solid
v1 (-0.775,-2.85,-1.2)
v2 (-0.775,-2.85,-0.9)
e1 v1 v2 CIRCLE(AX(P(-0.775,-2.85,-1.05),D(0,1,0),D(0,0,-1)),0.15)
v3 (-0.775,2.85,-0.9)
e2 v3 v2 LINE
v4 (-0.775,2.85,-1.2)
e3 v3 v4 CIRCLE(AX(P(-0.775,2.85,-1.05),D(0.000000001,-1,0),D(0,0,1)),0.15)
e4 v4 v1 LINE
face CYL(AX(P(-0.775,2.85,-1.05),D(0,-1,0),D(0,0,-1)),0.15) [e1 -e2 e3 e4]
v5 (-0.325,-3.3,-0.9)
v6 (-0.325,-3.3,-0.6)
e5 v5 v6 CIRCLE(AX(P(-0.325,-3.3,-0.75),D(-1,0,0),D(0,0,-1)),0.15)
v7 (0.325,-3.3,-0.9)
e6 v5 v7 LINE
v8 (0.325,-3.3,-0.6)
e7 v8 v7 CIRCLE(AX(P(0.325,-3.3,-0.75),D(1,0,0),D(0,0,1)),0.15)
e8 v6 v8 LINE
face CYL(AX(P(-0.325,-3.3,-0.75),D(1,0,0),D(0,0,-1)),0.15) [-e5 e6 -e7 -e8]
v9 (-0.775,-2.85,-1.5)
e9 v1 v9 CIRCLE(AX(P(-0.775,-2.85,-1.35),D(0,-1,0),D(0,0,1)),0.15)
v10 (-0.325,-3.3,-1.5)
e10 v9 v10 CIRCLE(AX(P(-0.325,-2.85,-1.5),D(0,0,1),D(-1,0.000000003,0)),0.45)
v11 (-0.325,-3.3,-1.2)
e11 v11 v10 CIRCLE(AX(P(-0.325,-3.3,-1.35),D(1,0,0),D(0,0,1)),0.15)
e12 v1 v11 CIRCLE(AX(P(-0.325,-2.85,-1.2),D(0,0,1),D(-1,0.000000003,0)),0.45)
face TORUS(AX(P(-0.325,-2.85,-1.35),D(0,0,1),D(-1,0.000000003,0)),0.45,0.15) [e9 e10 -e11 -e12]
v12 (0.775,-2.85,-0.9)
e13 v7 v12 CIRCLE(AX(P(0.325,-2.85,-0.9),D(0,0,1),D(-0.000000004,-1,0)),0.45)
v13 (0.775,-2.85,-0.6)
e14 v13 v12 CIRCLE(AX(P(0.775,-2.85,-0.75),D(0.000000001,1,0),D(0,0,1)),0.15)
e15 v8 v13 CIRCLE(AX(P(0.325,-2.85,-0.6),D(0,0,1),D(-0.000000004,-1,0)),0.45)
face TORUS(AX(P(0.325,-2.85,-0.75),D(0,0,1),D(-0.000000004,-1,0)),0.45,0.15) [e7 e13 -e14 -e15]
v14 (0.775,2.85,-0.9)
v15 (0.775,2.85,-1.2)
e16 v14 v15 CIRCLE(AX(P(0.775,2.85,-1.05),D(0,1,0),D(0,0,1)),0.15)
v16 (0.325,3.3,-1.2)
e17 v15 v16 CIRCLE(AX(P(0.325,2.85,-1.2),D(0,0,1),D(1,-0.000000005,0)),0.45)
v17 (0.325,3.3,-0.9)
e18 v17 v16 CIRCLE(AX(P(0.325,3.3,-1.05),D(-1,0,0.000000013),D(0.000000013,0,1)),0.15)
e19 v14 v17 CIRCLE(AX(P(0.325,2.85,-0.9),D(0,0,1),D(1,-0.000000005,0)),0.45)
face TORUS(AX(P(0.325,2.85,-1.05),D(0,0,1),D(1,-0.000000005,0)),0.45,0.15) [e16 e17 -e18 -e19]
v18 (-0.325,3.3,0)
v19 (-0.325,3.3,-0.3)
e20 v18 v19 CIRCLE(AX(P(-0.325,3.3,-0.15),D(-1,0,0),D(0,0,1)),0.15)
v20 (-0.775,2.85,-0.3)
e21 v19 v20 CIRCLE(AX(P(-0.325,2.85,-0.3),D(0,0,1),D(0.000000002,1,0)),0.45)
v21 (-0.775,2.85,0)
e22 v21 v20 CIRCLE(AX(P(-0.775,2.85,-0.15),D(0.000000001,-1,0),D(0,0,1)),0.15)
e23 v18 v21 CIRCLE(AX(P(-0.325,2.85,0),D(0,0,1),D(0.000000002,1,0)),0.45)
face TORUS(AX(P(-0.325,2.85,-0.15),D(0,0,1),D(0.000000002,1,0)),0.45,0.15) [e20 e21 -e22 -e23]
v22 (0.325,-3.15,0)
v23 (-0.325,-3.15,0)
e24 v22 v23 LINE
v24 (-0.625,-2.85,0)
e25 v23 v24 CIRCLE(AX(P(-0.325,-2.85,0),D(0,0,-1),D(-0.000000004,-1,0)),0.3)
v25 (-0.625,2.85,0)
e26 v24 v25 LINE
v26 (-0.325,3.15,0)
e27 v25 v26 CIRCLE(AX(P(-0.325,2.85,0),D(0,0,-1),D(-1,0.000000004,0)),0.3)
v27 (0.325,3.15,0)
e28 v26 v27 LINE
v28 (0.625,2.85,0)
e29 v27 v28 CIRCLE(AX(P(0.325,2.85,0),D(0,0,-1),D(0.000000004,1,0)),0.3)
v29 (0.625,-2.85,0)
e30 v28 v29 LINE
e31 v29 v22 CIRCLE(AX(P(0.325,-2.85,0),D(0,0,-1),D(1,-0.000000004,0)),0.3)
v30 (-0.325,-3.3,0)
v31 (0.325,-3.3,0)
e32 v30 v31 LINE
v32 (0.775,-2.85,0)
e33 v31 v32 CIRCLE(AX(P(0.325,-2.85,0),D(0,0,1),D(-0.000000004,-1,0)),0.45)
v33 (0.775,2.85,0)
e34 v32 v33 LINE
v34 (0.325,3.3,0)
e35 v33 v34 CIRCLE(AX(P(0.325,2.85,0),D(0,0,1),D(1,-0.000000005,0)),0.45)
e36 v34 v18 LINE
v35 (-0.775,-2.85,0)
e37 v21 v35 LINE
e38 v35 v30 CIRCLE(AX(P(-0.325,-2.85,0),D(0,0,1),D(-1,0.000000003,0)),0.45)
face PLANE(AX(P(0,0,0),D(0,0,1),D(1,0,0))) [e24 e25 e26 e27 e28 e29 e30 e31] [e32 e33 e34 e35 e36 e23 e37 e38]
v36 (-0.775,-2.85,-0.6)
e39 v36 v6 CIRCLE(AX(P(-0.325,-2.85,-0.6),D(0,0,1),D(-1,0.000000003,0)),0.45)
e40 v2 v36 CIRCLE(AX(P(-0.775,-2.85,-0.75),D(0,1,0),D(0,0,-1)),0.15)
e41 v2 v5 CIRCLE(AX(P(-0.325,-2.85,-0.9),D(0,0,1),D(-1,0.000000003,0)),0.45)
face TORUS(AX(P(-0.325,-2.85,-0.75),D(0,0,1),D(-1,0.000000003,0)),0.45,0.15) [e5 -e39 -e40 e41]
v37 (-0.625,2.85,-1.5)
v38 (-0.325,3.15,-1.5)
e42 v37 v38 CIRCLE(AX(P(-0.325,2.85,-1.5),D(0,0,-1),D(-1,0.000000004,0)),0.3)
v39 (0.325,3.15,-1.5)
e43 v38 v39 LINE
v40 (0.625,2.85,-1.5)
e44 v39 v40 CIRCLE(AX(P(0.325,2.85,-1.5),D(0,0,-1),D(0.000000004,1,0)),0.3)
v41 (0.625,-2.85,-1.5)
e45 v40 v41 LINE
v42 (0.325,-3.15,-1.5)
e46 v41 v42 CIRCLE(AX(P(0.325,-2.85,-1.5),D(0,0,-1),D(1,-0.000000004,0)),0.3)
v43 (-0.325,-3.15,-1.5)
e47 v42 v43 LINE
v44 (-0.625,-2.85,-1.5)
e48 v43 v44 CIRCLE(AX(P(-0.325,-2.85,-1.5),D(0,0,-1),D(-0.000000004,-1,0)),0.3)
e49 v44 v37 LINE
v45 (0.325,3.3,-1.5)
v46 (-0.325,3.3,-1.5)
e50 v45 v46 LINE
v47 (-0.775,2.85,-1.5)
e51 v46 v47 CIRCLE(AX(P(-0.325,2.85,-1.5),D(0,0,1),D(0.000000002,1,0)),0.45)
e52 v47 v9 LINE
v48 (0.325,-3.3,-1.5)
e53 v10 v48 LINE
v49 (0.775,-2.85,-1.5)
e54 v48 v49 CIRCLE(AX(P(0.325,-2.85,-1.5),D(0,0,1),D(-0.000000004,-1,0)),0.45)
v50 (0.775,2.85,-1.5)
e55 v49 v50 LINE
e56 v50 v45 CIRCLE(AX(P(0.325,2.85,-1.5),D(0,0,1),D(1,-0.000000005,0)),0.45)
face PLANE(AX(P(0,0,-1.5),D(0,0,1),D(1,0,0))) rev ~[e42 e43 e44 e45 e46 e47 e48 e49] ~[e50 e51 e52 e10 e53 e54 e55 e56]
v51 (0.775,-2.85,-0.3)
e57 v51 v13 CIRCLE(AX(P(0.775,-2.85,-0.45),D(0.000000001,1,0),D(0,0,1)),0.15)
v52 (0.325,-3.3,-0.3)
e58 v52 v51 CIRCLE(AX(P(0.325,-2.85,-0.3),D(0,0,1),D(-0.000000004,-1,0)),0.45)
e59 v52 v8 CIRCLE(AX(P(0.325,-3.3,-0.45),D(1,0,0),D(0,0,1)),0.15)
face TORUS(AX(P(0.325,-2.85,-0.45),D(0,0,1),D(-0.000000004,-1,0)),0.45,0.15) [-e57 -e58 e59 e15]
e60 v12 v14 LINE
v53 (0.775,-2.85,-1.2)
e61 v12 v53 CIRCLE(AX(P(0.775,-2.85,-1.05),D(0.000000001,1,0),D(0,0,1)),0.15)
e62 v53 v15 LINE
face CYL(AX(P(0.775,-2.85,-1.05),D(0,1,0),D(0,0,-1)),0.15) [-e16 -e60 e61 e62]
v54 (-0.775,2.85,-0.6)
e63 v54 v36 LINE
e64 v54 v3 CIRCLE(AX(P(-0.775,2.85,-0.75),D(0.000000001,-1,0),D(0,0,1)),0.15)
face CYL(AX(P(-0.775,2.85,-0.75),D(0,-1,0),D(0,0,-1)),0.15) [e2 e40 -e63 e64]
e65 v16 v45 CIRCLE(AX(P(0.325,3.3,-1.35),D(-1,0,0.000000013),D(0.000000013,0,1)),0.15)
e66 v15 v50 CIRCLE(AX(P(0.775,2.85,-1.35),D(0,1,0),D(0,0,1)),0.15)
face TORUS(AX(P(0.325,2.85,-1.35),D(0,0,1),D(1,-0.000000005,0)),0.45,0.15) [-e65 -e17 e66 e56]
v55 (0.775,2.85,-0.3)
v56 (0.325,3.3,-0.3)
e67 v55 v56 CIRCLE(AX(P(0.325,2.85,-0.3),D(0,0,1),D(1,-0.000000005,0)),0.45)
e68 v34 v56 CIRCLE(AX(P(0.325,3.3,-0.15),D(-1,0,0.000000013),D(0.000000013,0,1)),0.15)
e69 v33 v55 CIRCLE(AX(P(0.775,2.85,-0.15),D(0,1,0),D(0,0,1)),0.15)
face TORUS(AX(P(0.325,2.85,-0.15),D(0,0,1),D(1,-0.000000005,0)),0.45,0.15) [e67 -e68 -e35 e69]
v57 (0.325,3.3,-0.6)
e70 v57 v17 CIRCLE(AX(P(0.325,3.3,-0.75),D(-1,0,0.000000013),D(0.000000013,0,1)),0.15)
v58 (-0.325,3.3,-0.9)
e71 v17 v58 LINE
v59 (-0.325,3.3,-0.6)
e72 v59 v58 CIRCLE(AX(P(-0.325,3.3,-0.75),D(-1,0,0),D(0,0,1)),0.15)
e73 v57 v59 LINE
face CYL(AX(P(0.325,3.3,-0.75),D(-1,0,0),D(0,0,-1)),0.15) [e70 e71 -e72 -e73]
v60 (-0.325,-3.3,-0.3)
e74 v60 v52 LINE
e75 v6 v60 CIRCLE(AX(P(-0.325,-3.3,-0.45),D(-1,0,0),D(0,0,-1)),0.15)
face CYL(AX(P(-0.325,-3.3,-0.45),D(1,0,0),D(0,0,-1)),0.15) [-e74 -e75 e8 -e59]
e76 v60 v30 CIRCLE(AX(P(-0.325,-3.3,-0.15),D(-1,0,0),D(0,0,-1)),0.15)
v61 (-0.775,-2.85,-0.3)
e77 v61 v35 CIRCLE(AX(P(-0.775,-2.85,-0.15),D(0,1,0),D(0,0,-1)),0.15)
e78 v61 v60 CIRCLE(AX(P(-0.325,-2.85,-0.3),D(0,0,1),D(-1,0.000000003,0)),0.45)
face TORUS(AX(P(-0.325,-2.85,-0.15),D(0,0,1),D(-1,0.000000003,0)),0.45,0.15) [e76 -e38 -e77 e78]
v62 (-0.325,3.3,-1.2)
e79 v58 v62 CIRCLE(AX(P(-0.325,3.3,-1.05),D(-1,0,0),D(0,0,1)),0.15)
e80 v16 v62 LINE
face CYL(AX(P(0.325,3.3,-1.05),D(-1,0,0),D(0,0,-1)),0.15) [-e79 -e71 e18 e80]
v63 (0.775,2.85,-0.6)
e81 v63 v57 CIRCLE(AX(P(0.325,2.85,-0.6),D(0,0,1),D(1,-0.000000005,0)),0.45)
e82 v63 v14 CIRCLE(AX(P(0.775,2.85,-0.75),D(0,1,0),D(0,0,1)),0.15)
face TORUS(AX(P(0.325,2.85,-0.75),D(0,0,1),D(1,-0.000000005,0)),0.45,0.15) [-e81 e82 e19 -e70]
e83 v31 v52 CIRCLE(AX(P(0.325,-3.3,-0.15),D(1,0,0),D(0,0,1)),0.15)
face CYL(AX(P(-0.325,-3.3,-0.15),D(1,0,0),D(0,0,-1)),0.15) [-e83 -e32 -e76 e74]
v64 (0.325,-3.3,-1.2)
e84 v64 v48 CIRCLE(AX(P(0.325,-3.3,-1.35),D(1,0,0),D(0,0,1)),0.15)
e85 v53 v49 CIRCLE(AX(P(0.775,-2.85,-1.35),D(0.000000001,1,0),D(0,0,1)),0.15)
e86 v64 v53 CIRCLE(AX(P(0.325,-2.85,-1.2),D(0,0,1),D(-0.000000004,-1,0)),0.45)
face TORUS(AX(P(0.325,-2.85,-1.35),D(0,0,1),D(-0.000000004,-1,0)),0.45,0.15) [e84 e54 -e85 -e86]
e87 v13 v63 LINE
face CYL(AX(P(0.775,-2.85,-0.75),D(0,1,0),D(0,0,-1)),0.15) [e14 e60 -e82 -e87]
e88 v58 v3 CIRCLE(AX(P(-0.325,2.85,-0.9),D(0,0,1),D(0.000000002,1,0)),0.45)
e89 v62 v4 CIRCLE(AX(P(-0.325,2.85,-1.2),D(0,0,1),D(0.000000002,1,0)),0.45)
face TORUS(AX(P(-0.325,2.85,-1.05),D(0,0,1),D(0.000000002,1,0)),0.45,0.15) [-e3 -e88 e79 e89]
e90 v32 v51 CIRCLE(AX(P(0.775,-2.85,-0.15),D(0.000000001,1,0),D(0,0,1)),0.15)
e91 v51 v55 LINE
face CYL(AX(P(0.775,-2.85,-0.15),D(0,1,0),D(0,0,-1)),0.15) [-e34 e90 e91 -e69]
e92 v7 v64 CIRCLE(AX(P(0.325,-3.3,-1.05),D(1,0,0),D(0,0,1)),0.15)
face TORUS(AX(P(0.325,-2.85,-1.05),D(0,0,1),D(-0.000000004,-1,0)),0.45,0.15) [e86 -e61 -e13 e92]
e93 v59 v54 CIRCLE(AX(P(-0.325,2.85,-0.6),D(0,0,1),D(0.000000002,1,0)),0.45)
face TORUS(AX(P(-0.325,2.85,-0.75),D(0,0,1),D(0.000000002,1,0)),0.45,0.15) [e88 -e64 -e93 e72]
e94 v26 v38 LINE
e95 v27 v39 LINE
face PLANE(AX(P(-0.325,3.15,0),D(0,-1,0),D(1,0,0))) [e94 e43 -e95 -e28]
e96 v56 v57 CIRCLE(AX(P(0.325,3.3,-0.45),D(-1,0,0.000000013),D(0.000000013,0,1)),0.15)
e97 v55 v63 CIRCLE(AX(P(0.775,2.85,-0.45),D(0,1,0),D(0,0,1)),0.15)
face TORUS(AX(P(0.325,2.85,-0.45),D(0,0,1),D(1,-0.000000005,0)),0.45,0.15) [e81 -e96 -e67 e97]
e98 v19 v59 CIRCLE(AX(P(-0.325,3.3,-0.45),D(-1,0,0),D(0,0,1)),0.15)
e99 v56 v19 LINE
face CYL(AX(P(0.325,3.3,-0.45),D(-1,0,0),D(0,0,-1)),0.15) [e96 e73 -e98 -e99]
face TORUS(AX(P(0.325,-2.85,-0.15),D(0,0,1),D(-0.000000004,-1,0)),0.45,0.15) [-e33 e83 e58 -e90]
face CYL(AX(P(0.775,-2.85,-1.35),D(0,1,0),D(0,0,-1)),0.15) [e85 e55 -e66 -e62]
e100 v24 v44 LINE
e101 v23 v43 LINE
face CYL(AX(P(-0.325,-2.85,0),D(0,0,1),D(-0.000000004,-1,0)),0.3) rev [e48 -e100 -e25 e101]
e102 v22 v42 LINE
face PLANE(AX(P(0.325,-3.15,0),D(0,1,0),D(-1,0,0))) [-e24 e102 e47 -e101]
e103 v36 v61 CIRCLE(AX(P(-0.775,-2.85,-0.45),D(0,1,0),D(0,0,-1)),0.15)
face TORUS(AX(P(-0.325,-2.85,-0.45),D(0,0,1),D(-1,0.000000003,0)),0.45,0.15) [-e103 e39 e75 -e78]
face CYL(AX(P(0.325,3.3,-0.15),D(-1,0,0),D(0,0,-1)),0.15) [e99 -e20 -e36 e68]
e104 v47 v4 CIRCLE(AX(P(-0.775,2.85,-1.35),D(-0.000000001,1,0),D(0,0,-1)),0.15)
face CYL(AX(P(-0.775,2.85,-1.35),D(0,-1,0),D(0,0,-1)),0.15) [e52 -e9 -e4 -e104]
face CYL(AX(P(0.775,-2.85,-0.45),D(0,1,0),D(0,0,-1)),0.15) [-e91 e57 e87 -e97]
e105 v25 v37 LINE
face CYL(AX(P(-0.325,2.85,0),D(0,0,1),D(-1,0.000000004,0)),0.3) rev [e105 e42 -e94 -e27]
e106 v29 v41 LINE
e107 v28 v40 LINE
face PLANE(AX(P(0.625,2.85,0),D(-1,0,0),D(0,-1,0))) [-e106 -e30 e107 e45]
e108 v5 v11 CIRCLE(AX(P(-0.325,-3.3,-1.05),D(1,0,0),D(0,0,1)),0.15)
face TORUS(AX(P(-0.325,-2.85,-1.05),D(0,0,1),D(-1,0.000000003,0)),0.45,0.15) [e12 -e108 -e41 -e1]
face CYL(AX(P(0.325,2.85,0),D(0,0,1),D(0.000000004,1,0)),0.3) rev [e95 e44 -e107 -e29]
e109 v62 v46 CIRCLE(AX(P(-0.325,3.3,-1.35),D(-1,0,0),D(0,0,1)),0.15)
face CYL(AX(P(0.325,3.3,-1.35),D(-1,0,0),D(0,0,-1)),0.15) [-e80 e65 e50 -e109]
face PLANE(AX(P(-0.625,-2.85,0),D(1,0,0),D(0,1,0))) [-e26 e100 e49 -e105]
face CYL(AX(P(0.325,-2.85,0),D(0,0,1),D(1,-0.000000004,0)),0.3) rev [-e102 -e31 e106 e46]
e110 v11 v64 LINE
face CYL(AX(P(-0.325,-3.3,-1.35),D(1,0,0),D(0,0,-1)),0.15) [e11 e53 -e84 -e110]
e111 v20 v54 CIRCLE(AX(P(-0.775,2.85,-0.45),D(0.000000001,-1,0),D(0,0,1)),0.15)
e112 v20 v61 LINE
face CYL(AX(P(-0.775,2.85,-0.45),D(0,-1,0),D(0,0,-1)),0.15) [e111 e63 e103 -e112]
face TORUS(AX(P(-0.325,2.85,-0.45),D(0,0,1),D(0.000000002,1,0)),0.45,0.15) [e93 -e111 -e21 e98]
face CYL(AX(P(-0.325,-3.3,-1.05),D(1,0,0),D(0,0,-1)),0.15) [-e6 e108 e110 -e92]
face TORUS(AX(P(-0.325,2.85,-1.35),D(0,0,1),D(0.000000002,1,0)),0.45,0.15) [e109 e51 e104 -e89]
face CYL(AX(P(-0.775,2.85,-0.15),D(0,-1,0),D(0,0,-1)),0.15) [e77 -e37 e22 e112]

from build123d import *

# Parameters (mm, degrees)
BOSS_EXTRUDE1_DEPTH = 1.5
LPATTERN1_COUNT     = 5
LPATTERN1_PITCH     = 0.3


with BuildPart() as part:
    # Sketch1 → Boss-Extrude1 (new body)
    with BuildSketch(Plane.XY):
        with BuildLine():
            Line((-0.925, 2.85), (-0.925, -2.85))
            ThreePointArc((-0.925, -2.85), (-0.749264069, -3.274264069), (-0.325, -3.45))
            Line((-0.325, -3.45), (0.325, -3.45))
            ThreePointArc((0.325, -3.45), (0.749264069, -3.274264069), (0.925, -2.85))
            Line((0.925, -2.85), (0.925, 2.85))
            ThreePointArc((0.925, 2.85), (0.749264069, 3.274264069), (0.325, 3.45))
            Line((0.325, 3.45), (-0.325, 3.45))
            ThreePointArc((-0.325, 3.45), (-0.749264069, 3.274264069), (-0.925, 2.85))
        make_face()
        with BuildLine():
            Line((-0.325, 3.15), (0.325, 3.15))
            ThreePointArc((0.325, 3.15), (0.537132034, 3.062132034), (0.625, 2.85))
            Line((0.625, 2.85), (0.625, -2.85))
            ThreePointArc((0.625, -2.85), (0.537132034, -3.062132034), (0.325, -3.15))
            Line((0.325, -3.15), (-0.325, -3.15))
            ThreePointArc((-0.325, -3.15), (-0.537132034, -3.062132034), (-0.625, -2.85))
            Line((-0.625, -2.85), (-0.625, 2.85))
            ThreePointArc((-0.625, 2.85), (-0.537132034, 3.062132034), (-0.325, 3.15))
        make_face(mode=Mode.SUBTRACT)
    extrude(amount=-BOSS_EXTRUDE1_DEPTH)

    # Cut-Sweep3: sweep along a path in Sketch3
    with BuildLine(Plane.XY) as cut_sweep3_path:
        Line((0.325, 3.45), (-0.325, 3.45))
        ThreePointArc((-0.325, 3.45), (-0.749264069, 3.274264069), (-0.925, 2.85))
        Line((-0.925, 2.85), (-0.925, -2.85))
        ThreePointArc((-0.925, -2.85), (-0.749264069, -3.274264069), (-0.325, -3.45))
        Line((-0.325, -3.45), (0.325, -3.45))
        ThreePointArc((0.325, -3.45), (0.749264069, -3.274264069), (0.925, -2.85))
        Line((0.925, -2.85), (0.925, 2.85))
        ThreePointArc((0.925, 2.85), (0.749264069, 3.274264069), (0.325, 3.45))
    # Sketch2 → Cut-Sweep3 (sweep, cut)
    with BuildSketch(Plane(origin=(0, 0, 0), x_dir=(0, 0, -1), z_dir=(1, 0, 0))):
        with BuildLine():
            Line((0.3, 3.45), (0.3, 3.3))
            ThreePointArc((0.3, 3.3), (0.15, 3.45), (0, 3.3))
            Line((0, 3.3), (0, 3.45))
            Line((0, 3.45), (0, 3.95))
            Line((0, 3.95), (0.3, 3.95))
            Line((0.3, 3.95), (0.3, 3.45))
        make_face()
    cut_sweep3 = sweep(path=cut_sweep3_path.line, mode=Mode.SUBTRACT)

    # LPattern1: Cut-Sweep3 ×5
    with Locations(*[(0, 0, -i * LPATTERN1_PITCH) for i in range(1, LPATTERN1_COUNT)]):
        add(cut_sweep3, mode=Mode.SUBTRACT)


solid = part.part
